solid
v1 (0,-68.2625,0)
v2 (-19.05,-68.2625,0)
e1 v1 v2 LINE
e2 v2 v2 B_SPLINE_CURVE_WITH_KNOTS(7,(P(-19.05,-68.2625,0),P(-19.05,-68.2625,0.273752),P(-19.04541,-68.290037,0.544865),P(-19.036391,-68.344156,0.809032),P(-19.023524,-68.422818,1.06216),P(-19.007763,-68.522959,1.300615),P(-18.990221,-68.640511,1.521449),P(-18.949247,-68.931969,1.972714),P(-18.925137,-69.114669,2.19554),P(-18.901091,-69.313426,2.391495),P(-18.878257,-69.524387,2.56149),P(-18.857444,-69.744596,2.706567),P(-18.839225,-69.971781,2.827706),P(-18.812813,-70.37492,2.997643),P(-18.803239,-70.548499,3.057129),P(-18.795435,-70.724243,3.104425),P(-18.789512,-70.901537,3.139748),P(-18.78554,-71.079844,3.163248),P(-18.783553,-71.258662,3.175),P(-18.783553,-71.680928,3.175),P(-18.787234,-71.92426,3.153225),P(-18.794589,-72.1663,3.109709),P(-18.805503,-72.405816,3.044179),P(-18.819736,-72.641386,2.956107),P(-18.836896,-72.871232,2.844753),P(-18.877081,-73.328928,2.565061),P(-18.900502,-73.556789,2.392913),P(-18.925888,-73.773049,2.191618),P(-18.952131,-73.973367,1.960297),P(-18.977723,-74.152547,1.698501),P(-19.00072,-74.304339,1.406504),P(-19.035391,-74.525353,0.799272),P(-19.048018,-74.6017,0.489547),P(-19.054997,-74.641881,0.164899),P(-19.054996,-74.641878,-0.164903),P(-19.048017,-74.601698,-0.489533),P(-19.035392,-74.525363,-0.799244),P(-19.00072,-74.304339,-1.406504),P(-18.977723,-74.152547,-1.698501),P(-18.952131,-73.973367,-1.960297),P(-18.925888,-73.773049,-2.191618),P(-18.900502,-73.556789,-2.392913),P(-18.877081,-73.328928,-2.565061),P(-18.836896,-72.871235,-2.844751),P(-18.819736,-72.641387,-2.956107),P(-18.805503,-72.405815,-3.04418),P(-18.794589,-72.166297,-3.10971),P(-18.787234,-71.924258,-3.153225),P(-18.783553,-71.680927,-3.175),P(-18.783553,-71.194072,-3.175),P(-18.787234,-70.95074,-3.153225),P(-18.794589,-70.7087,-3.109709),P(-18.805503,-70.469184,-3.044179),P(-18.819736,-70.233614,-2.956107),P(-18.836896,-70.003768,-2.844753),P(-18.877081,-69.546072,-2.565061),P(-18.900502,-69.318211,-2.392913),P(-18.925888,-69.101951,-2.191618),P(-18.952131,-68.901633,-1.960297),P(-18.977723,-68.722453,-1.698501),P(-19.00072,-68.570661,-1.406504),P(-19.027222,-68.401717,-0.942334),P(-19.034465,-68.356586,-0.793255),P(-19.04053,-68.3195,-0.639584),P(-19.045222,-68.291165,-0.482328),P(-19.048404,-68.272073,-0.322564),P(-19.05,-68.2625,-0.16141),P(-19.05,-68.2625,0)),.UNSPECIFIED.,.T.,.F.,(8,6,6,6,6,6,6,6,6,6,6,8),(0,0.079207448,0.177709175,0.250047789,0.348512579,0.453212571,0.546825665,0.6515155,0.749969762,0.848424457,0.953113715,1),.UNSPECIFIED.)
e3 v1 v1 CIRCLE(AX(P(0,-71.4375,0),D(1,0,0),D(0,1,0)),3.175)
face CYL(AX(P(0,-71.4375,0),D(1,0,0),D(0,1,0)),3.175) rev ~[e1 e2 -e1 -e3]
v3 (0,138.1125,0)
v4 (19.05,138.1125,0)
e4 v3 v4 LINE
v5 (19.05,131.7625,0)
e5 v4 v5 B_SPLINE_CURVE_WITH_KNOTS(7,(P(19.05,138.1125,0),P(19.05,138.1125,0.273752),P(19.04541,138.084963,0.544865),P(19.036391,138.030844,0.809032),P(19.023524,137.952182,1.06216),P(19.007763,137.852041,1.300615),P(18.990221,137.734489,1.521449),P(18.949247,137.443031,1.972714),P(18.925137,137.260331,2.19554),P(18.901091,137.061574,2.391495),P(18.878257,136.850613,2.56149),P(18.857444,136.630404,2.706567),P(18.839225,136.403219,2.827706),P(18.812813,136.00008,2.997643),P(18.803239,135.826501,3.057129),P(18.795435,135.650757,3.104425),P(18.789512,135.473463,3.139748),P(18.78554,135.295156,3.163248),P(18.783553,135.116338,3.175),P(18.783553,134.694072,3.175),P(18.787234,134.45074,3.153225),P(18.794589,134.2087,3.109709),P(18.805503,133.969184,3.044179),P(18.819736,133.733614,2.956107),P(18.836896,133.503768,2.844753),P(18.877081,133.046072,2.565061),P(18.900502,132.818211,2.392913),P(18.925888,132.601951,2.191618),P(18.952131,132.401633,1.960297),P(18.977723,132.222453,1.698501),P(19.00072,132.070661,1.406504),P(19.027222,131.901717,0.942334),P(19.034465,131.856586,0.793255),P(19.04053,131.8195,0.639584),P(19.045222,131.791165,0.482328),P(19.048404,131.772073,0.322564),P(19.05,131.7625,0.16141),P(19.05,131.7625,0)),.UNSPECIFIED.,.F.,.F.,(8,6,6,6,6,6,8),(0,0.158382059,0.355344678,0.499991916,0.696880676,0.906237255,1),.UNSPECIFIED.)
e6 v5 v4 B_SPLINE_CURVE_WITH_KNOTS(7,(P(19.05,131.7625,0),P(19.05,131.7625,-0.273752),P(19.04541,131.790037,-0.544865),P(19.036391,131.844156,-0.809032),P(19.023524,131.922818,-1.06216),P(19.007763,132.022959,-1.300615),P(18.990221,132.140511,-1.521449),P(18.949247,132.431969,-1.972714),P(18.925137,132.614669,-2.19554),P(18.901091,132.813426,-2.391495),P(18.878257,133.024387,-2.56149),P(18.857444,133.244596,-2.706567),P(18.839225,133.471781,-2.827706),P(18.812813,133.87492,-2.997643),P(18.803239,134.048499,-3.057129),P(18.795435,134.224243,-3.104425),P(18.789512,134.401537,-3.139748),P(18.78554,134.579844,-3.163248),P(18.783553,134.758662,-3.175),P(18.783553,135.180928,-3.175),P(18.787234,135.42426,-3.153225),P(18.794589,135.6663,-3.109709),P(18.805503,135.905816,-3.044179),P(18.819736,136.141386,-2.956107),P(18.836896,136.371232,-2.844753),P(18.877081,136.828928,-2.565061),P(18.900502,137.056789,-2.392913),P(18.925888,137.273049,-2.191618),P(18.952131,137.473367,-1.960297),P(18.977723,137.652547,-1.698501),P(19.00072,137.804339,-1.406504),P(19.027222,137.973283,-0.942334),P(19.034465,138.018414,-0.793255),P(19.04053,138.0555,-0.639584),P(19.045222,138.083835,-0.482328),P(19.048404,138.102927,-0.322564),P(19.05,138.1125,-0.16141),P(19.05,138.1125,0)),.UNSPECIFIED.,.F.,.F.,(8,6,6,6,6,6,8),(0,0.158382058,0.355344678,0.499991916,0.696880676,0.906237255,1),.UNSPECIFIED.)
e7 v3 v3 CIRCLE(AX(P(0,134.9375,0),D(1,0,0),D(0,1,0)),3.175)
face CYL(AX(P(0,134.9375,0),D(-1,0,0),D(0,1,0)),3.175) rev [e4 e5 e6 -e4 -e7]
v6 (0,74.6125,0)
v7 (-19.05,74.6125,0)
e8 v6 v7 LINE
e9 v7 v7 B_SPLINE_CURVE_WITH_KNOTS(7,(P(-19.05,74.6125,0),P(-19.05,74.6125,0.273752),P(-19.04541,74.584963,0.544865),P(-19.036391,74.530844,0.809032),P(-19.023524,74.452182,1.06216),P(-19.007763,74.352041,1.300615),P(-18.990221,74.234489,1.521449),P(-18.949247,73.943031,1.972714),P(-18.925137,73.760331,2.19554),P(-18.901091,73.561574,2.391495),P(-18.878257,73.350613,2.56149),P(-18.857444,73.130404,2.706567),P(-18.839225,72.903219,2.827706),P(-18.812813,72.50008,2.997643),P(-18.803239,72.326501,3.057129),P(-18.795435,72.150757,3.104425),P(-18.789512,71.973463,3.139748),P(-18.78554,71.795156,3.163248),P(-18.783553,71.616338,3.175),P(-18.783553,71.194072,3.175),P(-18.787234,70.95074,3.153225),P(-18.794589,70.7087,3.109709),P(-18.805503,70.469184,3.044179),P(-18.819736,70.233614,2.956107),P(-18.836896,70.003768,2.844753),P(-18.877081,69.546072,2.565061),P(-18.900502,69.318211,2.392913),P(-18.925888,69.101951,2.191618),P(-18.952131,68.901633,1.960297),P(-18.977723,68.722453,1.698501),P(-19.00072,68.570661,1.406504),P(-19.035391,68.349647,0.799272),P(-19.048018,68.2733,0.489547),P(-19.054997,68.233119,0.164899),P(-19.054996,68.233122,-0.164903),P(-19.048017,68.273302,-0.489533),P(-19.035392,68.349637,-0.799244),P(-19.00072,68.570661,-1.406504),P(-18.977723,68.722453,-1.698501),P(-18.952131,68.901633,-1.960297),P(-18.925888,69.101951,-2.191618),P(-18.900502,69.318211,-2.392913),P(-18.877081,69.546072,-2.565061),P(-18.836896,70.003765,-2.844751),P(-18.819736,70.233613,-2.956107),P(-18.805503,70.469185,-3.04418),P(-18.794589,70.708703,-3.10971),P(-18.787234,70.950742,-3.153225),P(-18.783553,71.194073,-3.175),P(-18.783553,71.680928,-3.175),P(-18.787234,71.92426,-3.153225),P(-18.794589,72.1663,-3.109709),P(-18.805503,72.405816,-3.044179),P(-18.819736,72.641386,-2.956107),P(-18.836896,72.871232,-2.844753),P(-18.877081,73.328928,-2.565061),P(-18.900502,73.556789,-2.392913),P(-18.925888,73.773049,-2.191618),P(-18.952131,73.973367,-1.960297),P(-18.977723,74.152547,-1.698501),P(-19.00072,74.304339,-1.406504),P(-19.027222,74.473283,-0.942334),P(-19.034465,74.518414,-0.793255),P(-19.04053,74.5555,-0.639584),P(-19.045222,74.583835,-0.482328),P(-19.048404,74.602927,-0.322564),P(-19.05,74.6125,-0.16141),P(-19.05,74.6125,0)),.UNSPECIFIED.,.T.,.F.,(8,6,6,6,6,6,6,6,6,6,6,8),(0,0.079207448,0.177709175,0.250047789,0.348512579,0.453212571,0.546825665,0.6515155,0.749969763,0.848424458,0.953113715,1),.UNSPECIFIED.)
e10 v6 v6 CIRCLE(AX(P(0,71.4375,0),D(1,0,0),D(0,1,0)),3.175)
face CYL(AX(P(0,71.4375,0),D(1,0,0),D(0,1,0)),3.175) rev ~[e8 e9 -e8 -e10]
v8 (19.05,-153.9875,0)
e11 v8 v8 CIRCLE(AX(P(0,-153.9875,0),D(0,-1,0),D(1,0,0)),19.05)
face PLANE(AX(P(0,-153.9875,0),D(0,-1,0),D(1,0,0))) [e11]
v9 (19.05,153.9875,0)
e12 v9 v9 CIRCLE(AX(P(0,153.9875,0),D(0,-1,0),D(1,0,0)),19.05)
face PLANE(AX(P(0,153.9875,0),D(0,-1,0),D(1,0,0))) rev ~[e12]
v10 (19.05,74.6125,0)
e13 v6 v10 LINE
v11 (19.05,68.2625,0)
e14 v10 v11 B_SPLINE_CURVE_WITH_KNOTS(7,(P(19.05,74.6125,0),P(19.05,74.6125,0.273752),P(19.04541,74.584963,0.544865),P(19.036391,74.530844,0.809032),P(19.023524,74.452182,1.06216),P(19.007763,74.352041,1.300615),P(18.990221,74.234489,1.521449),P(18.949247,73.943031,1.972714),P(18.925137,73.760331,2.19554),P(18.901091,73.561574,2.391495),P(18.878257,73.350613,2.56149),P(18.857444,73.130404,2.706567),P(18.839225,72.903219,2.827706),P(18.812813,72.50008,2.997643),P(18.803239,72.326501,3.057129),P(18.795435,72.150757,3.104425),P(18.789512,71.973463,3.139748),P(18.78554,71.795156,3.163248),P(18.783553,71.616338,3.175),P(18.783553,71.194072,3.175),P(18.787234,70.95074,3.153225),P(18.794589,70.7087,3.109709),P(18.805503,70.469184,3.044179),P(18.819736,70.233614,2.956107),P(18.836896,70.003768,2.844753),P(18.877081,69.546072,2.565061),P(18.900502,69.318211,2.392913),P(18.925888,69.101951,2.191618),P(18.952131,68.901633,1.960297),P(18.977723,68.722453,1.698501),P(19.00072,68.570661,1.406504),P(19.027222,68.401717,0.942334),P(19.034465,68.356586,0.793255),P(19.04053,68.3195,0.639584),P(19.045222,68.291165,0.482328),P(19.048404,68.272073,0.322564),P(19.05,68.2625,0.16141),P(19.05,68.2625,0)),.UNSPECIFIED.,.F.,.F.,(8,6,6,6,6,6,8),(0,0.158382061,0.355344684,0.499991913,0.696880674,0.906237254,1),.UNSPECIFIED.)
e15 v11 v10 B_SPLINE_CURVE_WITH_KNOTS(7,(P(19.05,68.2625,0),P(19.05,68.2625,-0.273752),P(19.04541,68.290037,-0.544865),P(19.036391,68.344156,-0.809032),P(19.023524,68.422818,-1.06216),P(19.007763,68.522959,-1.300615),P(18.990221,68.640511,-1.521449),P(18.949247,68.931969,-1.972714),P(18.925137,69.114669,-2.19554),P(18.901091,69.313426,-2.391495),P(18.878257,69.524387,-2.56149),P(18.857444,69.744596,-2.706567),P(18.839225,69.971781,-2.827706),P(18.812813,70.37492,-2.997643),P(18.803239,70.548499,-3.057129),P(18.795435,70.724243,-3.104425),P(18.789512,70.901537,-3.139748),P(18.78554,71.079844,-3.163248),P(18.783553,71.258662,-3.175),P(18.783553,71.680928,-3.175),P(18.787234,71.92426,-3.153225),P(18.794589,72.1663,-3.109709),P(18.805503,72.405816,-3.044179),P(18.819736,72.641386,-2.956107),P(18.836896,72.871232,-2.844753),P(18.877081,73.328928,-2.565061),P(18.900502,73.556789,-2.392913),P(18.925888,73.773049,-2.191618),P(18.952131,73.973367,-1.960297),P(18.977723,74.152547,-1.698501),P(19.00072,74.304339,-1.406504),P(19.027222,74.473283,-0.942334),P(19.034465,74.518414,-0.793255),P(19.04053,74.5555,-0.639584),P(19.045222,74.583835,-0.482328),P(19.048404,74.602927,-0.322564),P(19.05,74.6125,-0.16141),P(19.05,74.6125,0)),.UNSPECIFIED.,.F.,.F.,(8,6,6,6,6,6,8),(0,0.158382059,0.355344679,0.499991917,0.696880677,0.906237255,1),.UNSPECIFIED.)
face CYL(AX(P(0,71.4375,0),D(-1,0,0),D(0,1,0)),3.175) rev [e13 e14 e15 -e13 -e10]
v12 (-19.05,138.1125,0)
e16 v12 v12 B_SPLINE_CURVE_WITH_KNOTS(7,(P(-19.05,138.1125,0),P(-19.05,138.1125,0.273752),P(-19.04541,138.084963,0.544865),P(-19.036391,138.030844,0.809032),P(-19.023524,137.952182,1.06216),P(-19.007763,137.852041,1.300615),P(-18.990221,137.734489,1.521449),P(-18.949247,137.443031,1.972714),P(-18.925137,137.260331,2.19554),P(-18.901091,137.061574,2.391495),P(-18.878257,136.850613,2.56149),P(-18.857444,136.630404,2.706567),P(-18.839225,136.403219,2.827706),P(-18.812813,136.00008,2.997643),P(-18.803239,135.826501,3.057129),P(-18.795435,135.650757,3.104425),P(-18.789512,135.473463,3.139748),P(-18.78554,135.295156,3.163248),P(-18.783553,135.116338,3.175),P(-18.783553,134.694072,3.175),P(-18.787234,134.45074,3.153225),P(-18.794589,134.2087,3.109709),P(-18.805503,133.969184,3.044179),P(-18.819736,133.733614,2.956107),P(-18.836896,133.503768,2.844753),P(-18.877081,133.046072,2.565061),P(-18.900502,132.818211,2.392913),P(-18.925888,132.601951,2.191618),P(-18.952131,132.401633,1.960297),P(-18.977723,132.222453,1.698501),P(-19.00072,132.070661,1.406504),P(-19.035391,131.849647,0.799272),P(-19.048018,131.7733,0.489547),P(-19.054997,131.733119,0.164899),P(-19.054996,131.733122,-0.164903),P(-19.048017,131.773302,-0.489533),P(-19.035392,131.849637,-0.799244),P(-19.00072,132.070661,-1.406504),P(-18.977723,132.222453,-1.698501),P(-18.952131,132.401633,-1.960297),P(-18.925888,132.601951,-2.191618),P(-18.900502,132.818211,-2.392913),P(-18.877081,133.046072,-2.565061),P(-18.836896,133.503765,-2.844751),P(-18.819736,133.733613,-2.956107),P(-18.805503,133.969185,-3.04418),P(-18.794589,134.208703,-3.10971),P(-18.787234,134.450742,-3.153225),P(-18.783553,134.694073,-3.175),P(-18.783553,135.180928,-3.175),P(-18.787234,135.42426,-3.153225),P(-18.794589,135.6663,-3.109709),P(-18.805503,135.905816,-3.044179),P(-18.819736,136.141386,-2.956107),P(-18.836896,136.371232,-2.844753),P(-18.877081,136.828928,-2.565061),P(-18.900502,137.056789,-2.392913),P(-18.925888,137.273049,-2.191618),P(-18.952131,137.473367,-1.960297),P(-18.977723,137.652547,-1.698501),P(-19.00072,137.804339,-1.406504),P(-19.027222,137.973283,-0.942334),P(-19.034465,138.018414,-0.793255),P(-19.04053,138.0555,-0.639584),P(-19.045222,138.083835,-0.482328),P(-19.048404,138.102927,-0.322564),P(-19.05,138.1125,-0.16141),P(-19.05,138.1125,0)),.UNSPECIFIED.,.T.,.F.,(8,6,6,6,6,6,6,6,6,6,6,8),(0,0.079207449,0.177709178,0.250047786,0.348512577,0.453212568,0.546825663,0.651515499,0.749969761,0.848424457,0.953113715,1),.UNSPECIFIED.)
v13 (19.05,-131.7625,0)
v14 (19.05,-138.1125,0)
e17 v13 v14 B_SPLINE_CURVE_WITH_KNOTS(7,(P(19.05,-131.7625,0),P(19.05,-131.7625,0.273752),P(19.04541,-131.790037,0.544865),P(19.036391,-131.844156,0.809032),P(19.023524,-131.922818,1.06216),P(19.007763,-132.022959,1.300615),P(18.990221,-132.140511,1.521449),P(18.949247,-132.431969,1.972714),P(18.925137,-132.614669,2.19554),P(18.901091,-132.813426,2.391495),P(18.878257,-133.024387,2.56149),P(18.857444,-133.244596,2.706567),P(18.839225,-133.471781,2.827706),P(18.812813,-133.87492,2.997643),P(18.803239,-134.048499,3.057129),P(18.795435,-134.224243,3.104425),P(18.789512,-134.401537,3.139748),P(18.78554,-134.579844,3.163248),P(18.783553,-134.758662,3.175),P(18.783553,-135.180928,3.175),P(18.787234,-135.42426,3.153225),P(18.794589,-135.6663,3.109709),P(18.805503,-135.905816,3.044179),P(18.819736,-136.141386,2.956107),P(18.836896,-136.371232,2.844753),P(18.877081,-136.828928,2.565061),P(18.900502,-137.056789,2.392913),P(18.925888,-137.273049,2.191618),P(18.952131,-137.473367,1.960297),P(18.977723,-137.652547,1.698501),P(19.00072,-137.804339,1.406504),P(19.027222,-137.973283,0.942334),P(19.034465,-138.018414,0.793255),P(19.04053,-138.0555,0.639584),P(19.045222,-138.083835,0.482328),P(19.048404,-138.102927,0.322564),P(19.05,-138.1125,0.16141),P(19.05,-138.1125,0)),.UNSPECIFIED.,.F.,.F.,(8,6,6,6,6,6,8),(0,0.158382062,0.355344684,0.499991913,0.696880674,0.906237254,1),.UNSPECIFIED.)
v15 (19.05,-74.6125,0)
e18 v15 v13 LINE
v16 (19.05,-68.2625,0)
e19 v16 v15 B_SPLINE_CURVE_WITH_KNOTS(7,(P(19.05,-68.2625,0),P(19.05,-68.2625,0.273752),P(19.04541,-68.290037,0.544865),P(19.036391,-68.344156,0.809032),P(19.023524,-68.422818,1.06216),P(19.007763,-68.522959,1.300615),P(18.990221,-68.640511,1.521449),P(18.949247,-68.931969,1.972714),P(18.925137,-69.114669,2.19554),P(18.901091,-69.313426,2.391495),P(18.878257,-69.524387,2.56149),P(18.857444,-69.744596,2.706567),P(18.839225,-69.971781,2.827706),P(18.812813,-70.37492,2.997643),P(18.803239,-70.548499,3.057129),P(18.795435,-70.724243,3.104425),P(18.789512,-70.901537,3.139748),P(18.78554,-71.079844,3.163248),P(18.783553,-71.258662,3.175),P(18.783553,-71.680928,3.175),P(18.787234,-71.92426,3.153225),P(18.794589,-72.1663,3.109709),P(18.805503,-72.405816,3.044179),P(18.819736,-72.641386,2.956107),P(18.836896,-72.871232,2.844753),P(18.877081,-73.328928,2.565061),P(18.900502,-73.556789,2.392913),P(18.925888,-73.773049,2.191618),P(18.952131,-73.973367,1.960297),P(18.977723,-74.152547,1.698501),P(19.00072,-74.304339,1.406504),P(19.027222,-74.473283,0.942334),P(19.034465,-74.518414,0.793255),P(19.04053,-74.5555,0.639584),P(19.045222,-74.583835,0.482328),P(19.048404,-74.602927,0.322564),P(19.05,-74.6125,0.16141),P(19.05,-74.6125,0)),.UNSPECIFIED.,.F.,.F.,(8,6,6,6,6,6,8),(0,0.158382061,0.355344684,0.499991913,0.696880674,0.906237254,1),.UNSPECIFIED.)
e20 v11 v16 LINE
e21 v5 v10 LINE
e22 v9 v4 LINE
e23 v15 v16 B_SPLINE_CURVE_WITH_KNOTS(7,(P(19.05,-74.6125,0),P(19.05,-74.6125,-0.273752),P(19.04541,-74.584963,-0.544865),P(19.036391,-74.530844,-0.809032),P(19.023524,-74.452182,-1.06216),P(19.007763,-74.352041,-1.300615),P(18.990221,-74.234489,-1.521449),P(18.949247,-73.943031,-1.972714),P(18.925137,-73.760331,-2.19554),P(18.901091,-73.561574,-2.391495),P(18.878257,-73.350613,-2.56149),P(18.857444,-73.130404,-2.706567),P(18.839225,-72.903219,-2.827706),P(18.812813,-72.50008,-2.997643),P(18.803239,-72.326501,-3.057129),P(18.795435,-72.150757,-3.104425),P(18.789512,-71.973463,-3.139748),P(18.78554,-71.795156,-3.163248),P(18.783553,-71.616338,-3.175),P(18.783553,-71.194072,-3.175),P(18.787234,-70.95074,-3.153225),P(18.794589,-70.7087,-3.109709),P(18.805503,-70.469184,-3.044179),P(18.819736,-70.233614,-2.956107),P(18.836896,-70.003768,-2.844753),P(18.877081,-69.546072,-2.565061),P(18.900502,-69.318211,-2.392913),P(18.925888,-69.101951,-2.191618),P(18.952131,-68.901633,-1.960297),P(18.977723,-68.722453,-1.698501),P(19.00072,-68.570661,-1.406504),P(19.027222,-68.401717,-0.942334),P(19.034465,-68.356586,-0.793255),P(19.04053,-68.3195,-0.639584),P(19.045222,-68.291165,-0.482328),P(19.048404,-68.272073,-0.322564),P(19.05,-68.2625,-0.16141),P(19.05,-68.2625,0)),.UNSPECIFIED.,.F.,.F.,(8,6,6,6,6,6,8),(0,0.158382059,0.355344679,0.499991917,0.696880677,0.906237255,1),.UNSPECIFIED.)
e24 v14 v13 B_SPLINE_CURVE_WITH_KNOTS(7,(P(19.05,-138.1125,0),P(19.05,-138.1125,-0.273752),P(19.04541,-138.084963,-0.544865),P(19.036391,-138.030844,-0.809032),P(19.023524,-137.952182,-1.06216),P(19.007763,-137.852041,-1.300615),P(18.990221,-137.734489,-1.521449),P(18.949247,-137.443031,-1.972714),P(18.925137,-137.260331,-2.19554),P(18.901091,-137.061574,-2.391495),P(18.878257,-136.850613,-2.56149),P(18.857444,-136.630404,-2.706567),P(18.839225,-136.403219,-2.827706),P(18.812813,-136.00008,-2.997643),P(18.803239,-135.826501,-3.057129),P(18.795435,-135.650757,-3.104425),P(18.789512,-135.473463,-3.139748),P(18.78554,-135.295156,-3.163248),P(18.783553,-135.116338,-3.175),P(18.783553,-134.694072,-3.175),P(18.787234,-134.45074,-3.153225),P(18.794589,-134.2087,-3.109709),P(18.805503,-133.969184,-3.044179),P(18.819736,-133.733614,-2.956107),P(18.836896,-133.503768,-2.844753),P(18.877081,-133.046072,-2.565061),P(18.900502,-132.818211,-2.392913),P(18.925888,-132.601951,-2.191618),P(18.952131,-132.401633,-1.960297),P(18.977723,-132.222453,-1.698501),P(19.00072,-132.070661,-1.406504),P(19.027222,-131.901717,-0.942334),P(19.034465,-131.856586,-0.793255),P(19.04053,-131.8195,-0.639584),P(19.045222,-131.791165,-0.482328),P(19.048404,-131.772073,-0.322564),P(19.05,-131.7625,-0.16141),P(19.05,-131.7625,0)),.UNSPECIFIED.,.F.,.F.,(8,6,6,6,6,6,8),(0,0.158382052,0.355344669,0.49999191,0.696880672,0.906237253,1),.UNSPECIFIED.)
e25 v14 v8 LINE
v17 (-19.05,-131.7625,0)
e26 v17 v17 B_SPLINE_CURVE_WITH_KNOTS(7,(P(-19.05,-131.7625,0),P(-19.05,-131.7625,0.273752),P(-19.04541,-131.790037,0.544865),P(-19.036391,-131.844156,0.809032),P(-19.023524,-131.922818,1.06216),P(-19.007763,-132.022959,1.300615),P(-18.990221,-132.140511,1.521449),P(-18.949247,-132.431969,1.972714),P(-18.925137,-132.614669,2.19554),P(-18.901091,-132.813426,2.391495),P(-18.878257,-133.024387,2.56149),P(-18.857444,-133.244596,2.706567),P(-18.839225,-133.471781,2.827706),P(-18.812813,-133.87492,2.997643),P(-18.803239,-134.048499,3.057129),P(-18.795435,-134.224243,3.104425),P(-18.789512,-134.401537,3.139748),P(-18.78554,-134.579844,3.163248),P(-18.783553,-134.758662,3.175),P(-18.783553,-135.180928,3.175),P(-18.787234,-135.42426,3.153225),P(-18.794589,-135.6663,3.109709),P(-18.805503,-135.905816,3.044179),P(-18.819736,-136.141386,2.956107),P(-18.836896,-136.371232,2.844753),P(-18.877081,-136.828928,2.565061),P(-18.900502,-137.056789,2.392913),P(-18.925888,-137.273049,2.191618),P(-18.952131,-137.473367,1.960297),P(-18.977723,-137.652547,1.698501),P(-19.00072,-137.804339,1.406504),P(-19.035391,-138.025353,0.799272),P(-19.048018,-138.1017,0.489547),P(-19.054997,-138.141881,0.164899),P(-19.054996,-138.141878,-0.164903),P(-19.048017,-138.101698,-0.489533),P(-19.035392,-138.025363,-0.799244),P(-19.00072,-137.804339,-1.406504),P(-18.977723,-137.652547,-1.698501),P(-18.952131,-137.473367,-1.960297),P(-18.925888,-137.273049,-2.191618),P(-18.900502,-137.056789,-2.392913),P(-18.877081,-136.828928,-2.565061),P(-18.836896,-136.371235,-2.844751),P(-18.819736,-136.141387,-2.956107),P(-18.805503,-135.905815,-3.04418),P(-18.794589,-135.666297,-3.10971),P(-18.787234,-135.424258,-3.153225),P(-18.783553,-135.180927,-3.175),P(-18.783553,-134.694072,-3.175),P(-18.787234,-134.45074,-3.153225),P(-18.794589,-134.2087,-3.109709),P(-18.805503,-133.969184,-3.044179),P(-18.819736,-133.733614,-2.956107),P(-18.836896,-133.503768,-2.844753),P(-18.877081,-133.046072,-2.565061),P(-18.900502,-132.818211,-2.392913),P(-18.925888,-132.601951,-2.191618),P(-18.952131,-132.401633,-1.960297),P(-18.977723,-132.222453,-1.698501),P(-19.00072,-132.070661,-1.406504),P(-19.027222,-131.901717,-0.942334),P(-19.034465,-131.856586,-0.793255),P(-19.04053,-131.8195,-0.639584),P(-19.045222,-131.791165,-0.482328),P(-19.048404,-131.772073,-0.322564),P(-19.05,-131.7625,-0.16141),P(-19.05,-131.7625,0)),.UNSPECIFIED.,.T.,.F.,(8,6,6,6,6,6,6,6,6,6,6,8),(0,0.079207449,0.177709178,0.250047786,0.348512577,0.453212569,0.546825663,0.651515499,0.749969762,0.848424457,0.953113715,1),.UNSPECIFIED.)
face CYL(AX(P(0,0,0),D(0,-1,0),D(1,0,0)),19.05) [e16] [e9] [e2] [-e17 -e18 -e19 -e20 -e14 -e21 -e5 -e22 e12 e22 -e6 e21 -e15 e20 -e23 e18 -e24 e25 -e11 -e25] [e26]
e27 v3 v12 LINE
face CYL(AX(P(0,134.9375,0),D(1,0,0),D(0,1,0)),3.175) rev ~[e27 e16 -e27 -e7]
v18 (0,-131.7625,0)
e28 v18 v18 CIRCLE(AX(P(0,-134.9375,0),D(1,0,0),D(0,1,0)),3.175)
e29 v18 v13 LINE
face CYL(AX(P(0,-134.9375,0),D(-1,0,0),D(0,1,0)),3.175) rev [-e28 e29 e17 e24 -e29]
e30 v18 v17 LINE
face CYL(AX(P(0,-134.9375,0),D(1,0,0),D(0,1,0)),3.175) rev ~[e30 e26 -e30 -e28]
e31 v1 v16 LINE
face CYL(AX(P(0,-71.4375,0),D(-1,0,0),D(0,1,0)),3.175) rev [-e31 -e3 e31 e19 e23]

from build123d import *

# Parameters (mm, degrees)
F0_R          = 19.05
F1_DEPTH      = 153.9875
F2_R          = 3.175
F3_DEPTH      = 19.051
F3_DEPTH_BACK = 19.051


with BuildPart() as f1:
    # F0 (on Front) → F1 (new body, symmetric)
    with BuildSketch(Plane.XZ):
        Circle(F0_R)
    extrude(amount=F1_DEPTH, both=True)

    # F2 (on Right) → F3 (cut, two sides)
    with BuildSketch(Plane.YZ) as f3_sk:
        with Locations((-134.9375, 0)):
            Circle(F2_R)
        with Locations((134.9375, 0)):
            Circle(F2_R)
        with Locations((-71.4375, 0)):
            Circle(F2_R)
        with Locations((71.4375, 0)):
            Circle(F2_R)
    extrude(amount=F3_DEPTH, mode=Mode.SUBTRACT)
    extrude(f3_sk.sketch, amount=-F3_DEPTH_BACK, mode=Mode.SUBTRACT)


solid = f1.part
